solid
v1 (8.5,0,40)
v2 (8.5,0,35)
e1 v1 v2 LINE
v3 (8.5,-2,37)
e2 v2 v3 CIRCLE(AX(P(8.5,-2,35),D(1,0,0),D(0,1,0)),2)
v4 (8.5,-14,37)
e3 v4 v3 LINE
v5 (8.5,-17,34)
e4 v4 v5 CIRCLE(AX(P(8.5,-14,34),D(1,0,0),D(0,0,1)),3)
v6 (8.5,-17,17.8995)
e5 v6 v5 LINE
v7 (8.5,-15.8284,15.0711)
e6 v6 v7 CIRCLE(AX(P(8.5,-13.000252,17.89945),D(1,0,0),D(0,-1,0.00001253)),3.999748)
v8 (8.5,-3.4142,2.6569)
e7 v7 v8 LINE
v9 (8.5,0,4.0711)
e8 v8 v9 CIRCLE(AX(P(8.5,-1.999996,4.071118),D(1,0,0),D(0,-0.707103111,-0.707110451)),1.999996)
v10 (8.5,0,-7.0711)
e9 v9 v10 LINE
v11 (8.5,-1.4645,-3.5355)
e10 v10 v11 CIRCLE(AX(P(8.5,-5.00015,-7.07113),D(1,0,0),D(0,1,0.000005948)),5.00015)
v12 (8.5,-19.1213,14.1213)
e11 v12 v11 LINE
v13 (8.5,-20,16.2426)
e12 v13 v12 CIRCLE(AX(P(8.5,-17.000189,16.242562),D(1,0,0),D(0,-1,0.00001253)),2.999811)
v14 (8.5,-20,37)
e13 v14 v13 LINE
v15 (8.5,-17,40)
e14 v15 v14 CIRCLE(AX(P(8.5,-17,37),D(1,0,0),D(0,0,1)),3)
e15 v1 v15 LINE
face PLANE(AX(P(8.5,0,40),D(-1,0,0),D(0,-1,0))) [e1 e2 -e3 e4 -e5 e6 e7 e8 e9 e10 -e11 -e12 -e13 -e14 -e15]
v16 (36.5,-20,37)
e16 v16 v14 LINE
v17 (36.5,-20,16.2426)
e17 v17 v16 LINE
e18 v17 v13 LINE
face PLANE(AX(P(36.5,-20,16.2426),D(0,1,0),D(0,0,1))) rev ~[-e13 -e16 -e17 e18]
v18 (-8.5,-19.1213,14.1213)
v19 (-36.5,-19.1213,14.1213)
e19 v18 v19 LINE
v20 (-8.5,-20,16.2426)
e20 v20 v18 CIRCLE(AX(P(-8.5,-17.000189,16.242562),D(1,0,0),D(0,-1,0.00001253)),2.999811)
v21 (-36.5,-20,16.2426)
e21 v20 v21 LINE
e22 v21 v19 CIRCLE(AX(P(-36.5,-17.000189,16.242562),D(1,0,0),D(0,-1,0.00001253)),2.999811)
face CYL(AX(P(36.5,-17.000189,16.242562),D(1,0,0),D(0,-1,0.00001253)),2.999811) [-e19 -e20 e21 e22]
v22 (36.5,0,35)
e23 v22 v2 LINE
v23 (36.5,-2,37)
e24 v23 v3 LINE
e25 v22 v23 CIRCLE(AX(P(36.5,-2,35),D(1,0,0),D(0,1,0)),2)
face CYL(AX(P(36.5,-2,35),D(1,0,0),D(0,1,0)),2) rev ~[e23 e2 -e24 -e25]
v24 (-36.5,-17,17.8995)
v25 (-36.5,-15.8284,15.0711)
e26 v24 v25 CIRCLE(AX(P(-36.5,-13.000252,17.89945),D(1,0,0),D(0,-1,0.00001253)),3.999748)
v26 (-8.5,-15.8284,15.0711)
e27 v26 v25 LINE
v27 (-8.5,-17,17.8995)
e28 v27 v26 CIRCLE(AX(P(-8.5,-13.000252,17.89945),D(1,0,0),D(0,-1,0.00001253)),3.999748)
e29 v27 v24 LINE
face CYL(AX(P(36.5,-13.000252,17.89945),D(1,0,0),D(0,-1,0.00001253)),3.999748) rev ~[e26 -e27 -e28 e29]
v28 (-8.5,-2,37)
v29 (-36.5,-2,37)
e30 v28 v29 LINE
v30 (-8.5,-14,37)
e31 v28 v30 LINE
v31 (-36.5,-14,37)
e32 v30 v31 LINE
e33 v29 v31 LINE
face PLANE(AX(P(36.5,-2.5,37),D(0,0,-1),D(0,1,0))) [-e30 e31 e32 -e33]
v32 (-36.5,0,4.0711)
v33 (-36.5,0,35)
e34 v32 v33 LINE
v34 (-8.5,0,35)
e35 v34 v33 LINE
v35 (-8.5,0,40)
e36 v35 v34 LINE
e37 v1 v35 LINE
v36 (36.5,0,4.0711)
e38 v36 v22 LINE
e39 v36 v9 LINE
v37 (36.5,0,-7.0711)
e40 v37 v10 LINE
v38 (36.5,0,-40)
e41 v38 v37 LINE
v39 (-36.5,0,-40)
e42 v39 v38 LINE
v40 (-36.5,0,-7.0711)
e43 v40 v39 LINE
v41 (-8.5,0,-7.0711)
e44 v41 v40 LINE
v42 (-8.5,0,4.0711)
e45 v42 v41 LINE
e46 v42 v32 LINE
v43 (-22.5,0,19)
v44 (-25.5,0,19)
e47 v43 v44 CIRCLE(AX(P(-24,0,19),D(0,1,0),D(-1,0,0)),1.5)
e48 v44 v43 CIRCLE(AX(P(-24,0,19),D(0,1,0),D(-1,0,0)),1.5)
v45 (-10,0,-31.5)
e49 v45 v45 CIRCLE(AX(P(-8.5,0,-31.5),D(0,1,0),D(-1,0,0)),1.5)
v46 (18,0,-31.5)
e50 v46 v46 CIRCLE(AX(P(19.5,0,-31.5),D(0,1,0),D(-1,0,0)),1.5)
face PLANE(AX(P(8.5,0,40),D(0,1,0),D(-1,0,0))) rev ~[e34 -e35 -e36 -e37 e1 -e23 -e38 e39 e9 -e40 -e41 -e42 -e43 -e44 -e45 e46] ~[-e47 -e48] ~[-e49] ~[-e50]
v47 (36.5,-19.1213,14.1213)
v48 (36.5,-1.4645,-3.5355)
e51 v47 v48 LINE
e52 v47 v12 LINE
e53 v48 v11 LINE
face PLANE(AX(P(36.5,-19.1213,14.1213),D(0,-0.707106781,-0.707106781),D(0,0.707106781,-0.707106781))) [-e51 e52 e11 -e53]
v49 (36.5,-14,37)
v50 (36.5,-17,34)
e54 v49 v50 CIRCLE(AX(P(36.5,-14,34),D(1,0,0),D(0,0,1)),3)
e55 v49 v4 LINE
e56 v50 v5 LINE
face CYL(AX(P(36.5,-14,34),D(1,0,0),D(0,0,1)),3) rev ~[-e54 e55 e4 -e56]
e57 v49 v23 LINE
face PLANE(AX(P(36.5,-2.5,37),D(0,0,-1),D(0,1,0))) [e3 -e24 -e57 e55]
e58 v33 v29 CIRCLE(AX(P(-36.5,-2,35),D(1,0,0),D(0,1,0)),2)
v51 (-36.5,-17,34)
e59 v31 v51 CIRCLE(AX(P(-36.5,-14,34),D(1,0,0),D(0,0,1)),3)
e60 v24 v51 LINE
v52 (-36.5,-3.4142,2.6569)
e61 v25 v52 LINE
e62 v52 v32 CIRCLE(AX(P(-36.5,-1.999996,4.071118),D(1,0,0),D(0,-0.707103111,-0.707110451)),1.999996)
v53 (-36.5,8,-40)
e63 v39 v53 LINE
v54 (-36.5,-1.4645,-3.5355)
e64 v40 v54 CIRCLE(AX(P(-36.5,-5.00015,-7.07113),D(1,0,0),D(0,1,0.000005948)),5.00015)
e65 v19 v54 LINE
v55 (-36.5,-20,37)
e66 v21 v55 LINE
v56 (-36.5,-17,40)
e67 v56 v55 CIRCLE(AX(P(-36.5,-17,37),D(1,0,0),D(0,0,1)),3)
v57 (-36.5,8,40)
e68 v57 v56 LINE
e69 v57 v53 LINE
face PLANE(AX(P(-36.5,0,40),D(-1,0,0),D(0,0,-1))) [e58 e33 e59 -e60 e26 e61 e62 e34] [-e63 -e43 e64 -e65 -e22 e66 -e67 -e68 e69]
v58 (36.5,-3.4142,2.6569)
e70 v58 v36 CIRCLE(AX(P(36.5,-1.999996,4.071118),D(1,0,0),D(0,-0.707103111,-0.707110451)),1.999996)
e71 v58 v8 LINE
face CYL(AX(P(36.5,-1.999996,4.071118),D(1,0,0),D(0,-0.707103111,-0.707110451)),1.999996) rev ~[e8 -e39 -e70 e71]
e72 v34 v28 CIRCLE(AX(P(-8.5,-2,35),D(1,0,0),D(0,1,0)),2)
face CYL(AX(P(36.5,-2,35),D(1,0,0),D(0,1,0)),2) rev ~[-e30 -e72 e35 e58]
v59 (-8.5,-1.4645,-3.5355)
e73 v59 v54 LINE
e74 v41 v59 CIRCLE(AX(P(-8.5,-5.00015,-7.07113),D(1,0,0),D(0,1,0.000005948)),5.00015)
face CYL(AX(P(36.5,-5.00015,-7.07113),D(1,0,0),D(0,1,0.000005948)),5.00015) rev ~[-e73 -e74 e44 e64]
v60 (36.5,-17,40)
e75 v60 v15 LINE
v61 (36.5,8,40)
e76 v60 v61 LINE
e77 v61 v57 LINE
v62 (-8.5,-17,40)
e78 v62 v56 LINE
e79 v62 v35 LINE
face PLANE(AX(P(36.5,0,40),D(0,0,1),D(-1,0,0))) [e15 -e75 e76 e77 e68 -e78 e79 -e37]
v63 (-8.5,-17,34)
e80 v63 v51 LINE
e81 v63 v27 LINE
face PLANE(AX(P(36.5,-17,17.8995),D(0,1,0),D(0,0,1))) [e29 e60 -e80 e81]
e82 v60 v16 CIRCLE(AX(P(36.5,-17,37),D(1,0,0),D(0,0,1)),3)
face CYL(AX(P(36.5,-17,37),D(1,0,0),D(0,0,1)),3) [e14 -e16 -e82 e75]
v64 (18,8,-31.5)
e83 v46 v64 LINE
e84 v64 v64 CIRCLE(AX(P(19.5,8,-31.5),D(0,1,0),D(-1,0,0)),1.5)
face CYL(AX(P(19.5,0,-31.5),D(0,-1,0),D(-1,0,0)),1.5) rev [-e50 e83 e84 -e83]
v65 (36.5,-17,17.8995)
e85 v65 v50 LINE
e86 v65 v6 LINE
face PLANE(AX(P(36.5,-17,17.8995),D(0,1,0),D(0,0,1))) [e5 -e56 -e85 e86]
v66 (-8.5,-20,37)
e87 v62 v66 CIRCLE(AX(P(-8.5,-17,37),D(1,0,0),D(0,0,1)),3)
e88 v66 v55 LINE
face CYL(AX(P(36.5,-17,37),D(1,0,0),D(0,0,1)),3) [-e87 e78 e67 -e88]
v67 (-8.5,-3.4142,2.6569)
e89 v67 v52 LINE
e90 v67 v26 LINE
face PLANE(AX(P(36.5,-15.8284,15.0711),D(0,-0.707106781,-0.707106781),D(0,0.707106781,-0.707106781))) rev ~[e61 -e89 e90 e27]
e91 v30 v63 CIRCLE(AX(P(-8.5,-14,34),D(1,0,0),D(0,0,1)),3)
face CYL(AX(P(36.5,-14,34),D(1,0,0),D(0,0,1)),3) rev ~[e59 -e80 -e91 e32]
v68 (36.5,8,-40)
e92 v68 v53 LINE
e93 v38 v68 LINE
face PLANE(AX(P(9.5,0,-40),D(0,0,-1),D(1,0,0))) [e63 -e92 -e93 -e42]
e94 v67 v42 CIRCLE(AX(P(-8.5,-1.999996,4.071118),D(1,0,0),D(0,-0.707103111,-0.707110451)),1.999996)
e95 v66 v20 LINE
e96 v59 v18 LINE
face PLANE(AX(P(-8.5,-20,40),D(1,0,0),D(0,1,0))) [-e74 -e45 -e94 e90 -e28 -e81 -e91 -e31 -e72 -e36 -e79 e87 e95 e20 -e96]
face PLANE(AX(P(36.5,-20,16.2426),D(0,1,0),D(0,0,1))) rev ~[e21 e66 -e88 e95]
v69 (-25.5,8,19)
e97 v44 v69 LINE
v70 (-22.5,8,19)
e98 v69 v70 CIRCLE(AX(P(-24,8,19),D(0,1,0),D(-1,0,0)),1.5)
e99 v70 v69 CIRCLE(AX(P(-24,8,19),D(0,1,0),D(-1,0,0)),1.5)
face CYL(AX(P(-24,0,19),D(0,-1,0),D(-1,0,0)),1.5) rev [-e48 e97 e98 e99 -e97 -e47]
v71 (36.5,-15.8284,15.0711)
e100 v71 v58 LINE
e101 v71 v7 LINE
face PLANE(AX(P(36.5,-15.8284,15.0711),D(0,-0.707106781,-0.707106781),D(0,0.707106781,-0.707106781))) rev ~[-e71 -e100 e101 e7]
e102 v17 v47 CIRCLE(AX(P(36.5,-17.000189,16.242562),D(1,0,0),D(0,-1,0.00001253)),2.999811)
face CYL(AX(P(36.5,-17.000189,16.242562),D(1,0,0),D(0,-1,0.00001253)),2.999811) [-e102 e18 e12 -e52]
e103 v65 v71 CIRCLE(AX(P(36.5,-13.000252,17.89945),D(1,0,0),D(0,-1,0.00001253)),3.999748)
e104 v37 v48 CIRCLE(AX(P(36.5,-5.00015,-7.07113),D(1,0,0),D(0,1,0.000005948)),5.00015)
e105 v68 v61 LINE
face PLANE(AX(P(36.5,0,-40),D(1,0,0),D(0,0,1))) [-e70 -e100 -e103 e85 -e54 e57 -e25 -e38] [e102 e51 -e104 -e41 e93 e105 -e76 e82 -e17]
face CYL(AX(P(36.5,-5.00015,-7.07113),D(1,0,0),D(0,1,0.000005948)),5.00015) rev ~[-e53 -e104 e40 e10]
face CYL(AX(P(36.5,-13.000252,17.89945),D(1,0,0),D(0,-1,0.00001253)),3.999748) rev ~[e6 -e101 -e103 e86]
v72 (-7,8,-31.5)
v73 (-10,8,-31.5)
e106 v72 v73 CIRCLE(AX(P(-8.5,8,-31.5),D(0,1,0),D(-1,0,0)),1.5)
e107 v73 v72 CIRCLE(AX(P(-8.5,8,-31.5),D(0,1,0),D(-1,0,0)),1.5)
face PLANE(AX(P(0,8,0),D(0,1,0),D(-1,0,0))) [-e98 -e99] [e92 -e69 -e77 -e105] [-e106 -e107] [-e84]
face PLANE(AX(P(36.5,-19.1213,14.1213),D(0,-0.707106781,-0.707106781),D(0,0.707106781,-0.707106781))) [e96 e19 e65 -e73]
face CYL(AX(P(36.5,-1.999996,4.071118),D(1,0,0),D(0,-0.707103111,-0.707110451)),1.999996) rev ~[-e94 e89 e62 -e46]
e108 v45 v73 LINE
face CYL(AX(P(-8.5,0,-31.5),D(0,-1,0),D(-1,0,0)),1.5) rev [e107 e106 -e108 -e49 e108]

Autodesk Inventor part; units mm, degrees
ref_plane "YZ Plane" through (0, 0, 0) normal (1, 0, 0) x (0, 1, 0)
ref_plane "XZ Plane" through (0, 0, 0) normal (0, 1, 0) x (-1, 0, 0)
ref_plane "XY Plane" through (0, 0, 0) normal (0, 0, 1) x (1, 0, 0)
sketch "Sketch1" plane through (0, 0, 0) normal (0, 1, 0) x (-1, 0, 0)
  line L0 (-36.5, 40) -> (36.5, 40)
  line L1 (36.5, 40) -> (36.5, -40)
  line L2 (36.5, -40) -> (-36.5, -40)
  line L3 (-36.5, -40) -> (-36.5, 40)
  line L4 (-36.5, 40) -> (36.5, -40) construction
  line L5 (36.5, 40) -> (-36.5, -40) construction
  line L6 (36.5, 40) -> (36.5, 13)
  line L7 (-36.5, -40) -> (-9.5, -40)
  line L8 (-36.5, -40) -> (18.5, -40)
  circle A0 centre (8.5, -31.5) radius 1.5
  circle A1 centre (-19.5, -31.5) radius 1.5
  circle A2 centre (-19.5, -31.5) radius 1.5
  circle A3 centre (24, 19) radius 1.5
  line L9 (0, 0) -> (0, 17.5)
  line L10 (0, 17.5) -> (0, 19)
  line L11 (0, 19) -> (24, 19)
  line L12 (0, 0) -> (0, -31.5)
  line L13 (0, -31.5) -> (8.5, -31.5)
  line L14 (0, -31.5) -> (-19.5, -31.5)
  dimension "d0" = 73
  dimension "d1" = 80
  dimension "d5" = 3
  dimension "d6" = 3
  dimension "d7" = 3
  dimension "d10" = 17.5
  dimension "d11" = 8.5
  dimension "d12" = 19.5
  dimension "d13" = 31.5
  dimension "d14" = 24
extrude "Extrusion1" add sketch "Sketch1" along normal blind 8
sketch "Sketch2" plane through (36.5, 0, 40) normal (1, 0, 0) x (0, 0, -1)
  line L0 (75, 0) -> (55, 0)
  line L1 (80, 0) -> (0, 0) projected
  line L2 (55, 0) -> (35, 0)
  line L3 (0, 0) -> (32.9289, 0)
  line L4 (44.0711, 0) -> (32.9289, 0)
  line L5 (75, 0) -> (80, 0)
  line L6 (5, 0) -> (25, 0)
  line L7 (23.7574, -20) -> (3, -20)
  line L8 (0, -17) -> (0, 0)
  line L9 (0, 0) -> (80, 0)
  line L10 (22.1005, -17) -> (6, -17)
  line L11 (3, -14) -> (3, -2)
  line L12 (3, -2.5) -> (3, -2)
  line L13 (25, 0) -> (45, 0)
  line L14 (25.8787, -19.1213) -> (43.5355, -1.4645)
  line L15 (24.9289, -15.8284) -> (37.3431, -3.4142)
  arc A0 (22.1005, -17) -> (24.9289, -15.8284) centre (22.1005, -13) ccw
  arc A1 (3, -14) -> (6, -17) centre (6, -14) ccw
  arc A2 (0, -17) -> (3, -20) centre (3, -17) ccw
  arc A3 (23.7574, -20) -> (25.8787, -19.1213) centre (23.7574, -17) ccw
  arc A4 (37.3431, -3.4142) -> (35.9289, 0) centre (35.9289, -2) ccw
  arc A5 (5, 0) -> (3, -2) centre (5, -2) ccw
  line L16 (80, 0) -> (47.0711, 0)
  arc A6 (47.0711, 0) -> (43.5355, -1.4645) centre (47.0711, -5) ccw
  line L17 (35.9289, 0) -> (47.0711, 0)
  line L18 (5, 0) -> (0, 0)
  point P0 (40, 0)
  point P1 (39.2426, 0)
  point P2 (25, -20)
  point P3 (0, -20)
  point P4 (40.7574, 0)
extrude "Extrusion3" add sketch "Sketch2" against normal up to surface (73 mm away) contours A6 L14 A3 L7 A2 L8 L1 A5 L11 A1 L10 A0 L15 A4
sketch "Sketch3" plane through (-36.5, 8, 40) normal (0, 0, 1) x (1, 0, 0)
  line L0 (0, 0) -> (28, 0)
  line L1 (0, 0) -> (73, 0) projected
  line L2 (73, 0) -> (45, 0)
  line L3 (73, -28) -> (0, -28) projected
  line L4 (28, 0) -> (45, 0)
  line L5 (45, 0) -> (45, -28)
  line L6 (45, -28) -> (28, -28)
  line L7 (28, -28) -> (28, 0)
  line L8 (73, -8) -> (0, -8) projected
  line L9 (28, 0) -> (45, 0)
  line L10 (45, 0) -> (45, -8)
  line L11 (45, -8) -> (28, -8)
  line L12 (28, -8) -> (28, 0)
  point P0 (36.5, -8)
  dimension "d32" = 28
  dimension "d33" = 28
extrude "Extrusion4" cut sketch "Sketch3" against normal up to surface (80 mm away) contours L8 L5 L3 L7
properties part number "Base"
